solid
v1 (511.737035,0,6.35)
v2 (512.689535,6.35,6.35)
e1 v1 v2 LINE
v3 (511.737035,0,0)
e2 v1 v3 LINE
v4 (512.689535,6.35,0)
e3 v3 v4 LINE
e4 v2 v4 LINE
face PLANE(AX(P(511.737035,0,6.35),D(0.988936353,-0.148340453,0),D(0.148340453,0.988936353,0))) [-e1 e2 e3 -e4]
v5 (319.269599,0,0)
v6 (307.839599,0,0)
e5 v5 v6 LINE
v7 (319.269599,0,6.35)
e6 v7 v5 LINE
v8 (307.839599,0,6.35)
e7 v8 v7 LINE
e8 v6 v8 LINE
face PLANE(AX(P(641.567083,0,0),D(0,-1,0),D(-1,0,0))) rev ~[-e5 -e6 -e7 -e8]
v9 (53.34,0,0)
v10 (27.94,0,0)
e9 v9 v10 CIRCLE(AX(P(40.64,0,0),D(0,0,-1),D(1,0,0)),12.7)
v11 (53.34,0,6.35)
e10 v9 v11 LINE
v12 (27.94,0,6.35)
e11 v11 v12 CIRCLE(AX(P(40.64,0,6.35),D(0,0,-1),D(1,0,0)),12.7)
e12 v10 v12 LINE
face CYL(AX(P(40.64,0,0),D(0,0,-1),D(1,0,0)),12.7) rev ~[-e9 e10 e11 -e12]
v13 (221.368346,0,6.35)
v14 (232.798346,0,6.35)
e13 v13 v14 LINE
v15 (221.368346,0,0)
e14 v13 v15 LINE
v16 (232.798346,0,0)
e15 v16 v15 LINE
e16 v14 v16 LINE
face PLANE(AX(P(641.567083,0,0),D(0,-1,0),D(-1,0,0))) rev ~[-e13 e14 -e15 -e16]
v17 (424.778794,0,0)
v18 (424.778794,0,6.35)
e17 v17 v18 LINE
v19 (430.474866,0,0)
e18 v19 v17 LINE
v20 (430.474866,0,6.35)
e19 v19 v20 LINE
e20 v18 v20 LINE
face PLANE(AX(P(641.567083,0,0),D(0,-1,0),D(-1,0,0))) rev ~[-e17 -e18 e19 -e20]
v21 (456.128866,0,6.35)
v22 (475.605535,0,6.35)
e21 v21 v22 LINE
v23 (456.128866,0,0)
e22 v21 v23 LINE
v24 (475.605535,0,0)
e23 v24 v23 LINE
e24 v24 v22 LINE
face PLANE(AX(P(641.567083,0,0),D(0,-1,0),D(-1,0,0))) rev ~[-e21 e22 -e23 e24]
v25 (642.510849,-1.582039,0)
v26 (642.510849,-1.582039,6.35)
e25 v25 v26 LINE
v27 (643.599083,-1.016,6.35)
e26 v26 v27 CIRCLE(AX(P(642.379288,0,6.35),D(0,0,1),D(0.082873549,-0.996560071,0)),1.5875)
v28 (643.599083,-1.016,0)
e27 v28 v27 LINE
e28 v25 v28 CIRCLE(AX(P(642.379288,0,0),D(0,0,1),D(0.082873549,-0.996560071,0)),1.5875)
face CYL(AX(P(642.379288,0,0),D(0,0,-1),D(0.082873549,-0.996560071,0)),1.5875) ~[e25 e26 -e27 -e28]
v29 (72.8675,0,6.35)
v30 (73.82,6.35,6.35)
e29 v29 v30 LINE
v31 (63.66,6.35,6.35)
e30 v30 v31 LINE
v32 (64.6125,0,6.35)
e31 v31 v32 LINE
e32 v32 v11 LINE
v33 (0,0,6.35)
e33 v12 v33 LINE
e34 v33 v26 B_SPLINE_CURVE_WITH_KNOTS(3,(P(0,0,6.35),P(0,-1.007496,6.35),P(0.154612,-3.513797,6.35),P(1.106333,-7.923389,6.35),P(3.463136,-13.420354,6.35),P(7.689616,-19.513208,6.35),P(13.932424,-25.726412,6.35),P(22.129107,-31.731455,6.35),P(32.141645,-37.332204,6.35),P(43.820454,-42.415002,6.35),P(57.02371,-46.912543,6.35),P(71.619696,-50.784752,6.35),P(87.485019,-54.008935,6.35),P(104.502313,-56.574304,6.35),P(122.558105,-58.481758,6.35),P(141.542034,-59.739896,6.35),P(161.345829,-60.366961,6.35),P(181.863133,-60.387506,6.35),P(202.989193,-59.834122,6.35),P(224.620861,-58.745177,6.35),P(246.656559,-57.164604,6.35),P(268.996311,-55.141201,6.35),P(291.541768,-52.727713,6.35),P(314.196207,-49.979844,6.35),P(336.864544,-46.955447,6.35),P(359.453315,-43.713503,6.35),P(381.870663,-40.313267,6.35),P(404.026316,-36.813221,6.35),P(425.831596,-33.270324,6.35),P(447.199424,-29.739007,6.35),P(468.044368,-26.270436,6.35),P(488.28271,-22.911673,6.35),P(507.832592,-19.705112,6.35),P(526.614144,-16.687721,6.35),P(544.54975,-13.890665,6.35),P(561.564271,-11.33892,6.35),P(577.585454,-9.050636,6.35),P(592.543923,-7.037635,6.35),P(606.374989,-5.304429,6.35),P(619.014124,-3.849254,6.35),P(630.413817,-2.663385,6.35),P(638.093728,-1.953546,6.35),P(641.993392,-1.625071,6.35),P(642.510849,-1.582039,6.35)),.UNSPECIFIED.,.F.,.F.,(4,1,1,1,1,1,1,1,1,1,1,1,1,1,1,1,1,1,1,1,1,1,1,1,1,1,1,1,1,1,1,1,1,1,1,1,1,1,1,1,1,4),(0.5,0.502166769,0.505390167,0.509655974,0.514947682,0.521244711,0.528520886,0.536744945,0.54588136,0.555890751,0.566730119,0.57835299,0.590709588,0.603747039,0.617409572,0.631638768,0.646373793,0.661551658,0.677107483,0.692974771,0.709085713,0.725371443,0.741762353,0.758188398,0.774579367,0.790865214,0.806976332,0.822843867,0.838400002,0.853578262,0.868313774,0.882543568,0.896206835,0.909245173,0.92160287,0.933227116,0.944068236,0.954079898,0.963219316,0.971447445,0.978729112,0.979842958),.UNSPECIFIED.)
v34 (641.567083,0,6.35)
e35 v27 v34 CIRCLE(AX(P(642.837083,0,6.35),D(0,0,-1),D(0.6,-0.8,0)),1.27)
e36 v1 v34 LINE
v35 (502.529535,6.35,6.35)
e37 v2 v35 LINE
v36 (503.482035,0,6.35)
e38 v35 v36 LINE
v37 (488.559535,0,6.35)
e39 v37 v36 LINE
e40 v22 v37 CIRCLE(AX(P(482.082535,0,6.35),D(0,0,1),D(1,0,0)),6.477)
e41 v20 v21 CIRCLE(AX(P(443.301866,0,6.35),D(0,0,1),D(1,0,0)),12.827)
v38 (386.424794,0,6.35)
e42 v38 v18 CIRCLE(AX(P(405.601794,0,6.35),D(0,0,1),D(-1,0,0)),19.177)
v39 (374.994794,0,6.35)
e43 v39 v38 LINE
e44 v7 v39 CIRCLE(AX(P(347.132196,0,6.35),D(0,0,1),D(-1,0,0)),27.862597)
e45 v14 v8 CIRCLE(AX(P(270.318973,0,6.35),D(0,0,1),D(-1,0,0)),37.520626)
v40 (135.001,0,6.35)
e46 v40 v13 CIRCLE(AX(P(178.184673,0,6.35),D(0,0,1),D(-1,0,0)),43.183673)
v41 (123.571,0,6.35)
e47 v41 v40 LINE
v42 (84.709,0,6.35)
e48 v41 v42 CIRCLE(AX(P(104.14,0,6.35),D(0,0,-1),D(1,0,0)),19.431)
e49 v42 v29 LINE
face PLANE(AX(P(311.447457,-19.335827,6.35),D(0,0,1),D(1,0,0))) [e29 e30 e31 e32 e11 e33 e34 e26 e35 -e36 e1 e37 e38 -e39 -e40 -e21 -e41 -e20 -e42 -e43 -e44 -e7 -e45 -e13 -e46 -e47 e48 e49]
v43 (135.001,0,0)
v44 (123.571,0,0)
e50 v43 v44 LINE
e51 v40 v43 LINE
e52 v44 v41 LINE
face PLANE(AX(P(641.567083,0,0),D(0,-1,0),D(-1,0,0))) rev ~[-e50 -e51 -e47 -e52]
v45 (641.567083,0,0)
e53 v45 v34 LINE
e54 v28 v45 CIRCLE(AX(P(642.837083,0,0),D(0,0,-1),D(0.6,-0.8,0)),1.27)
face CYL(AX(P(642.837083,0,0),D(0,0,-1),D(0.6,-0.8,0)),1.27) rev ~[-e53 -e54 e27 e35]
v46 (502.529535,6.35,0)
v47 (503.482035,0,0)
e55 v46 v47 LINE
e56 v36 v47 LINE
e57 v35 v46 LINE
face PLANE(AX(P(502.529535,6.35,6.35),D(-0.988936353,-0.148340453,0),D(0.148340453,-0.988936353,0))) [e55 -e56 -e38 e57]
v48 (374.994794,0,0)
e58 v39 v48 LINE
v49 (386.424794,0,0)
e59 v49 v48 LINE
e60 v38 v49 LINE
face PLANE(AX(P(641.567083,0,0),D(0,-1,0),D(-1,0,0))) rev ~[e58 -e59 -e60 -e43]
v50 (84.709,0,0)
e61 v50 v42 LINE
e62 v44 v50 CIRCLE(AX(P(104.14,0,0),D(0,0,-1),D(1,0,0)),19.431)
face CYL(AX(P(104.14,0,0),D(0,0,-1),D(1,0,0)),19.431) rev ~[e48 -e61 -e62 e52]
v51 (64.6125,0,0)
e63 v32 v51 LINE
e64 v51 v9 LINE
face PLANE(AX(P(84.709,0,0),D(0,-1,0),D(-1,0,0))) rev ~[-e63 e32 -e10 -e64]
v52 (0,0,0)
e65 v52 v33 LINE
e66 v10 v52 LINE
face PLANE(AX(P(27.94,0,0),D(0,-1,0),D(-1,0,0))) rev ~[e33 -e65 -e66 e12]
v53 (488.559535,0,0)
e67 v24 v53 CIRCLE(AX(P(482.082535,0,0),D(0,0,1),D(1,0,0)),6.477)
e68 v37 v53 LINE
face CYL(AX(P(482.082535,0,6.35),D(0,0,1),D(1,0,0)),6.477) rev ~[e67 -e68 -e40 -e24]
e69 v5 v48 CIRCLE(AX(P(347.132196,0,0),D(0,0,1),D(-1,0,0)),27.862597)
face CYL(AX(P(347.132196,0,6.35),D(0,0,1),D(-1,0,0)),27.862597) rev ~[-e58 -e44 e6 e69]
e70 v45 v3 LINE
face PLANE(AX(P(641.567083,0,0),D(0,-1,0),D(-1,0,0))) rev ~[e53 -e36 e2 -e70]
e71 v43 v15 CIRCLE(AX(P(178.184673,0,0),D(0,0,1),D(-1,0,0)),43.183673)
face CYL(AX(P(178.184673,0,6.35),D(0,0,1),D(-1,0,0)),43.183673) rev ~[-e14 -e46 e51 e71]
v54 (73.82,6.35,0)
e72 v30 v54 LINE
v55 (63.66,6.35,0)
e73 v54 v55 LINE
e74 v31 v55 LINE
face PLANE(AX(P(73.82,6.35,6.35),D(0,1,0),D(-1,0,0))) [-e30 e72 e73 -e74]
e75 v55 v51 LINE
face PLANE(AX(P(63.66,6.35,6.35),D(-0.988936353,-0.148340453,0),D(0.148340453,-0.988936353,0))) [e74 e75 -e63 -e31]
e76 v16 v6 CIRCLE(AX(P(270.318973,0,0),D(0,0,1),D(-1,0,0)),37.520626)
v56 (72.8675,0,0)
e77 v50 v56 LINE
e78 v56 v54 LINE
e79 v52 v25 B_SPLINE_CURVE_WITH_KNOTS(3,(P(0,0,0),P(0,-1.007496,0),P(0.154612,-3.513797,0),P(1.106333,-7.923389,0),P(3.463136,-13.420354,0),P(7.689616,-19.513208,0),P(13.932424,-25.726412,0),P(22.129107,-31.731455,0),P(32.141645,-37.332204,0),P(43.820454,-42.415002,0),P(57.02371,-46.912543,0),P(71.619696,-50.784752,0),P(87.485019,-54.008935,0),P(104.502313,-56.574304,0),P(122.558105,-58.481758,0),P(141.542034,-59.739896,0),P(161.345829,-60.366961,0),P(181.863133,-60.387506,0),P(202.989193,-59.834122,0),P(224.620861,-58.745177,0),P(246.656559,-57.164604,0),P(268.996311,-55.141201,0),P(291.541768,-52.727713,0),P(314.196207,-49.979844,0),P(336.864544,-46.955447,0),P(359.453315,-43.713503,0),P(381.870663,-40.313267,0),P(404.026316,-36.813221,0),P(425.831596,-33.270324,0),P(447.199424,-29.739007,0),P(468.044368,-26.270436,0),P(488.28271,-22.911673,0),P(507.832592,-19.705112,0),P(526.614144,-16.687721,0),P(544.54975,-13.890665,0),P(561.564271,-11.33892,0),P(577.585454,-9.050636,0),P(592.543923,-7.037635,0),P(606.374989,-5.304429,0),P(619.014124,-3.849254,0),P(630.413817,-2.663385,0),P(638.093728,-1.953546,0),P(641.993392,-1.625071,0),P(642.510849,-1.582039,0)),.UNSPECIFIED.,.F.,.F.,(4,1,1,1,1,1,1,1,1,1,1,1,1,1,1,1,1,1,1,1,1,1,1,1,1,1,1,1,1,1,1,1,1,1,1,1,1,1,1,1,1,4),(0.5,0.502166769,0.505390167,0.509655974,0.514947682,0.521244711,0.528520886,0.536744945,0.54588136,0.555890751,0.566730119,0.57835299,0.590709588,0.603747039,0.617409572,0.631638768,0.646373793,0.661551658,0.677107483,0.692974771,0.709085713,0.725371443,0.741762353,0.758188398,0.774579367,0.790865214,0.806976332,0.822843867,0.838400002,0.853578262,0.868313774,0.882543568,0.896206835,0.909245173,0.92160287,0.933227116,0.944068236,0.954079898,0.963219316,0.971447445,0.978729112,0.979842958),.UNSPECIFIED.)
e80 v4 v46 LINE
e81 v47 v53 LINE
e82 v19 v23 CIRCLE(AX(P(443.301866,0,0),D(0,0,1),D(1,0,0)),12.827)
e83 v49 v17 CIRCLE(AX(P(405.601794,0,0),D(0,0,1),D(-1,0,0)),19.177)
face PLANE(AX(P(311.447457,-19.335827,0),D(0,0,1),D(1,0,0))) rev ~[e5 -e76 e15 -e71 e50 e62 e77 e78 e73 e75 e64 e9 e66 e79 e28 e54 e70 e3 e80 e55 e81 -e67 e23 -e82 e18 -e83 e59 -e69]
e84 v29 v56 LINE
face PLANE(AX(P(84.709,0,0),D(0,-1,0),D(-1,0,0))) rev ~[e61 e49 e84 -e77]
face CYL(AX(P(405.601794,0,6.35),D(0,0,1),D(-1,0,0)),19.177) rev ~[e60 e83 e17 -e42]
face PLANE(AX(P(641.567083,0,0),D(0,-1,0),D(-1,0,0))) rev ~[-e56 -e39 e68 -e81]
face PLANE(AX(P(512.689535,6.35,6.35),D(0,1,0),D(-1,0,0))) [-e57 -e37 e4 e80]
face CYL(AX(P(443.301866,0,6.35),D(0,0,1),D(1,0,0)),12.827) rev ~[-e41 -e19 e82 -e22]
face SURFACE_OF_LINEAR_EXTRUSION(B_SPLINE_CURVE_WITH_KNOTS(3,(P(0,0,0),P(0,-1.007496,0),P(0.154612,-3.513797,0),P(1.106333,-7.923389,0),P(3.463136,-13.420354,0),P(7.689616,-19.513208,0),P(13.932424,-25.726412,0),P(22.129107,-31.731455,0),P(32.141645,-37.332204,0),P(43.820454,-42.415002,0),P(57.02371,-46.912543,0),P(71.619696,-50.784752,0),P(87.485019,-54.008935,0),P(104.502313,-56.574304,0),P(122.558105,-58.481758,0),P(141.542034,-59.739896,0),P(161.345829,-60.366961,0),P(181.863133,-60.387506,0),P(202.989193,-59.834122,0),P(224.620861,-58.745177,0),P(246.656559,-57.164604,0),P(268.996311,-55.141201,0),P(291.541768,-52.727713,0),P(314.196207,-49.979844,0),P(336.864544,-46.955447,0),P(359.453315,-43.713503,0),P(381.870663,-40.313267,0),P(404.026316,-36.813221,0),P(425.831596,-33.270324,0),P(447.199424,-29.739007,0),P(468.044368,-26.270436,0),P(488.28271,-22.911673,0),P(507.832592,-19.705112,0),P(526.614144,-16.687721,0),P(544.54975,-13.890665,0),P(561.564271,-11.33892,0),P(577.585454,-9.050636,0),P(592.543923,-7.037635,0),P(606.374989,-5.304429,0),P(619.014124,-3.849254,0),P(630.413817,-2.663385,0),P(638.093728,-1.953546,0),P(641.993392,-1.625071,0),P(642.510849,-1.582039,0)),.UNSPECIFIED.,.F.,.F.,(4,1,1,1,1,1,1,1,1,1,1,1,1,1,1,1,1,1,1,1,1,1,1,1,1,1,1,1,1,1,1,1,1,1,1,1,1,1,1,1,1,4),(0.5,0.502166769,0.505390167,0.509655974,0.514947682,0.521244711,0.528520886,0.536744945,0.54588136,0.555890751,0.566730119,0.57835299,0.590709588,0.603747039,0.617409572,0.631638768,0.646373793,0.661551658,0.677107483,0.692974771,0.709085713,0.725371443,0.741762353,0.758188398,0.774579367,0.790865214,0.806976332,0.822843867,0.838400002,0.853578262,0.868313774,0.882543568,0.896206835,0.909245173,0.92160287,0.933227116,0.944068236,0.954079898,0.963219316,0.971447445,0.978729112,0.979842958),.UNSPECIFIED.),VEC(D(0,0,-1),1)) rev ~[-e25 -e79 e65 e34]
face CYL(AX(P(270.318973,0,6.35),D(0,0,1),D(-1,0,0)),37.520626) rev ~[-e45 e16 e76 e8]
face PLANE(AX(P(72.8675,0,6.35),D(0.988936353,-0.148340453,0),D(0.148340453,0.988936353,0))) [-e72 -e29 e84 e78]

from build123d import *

# Parameters (mm, degrees)
BOSS_EXTRUDE1_DEPTH     = 6.35
CUT_EXTRUDE2_DEPTH      = 1.0000001
CUT_EXTRUDE2_DEPTH_BACK = 7.3500001
SKETCH4_W               = 6.35
SKETCH4_H               = 6.35
BOSS_EXTRUDE2_DEPTH     = 6.35


with BuildPart() as part:
    # Sketch2 → Boss-Extrude1 (new body)
    with BuildSketch(Plane.XY):
        with BuildLine():
            ThreePointArc((642.510849283, -1.582039112), (643.111845681, -1.408373102), (643.599082689, -1.016))
            ThreePointArc((643.599082689, -1.016), (642.269121423, -1.135922533), (641.567082689, 0))
            Line((641.567082689, 0), (473.360965279, 0))
            Line((473.360965279, 0), (460.660965279, 0))
            Line((460.660965279, 0), (123.571, 0))
            ThreePointArc((123.571, 0), (104.14, -19.431), (84.709, 0))
            Line((84.709, 0), (53.34, 0))
            ThreePointArc((53.34, 0), (40.64, -12.7), (27.94, 0))
            Line((27.94, 0), (0, 0))
            add(Edge.make_bspline(
                [(0, 0), (0, -1.007496172), (0.154611582, -3.513796615), (1.106333228, -7.923389435), (3.463136343, -13.420354421), (7.689616489, -19.513207632), (13.932423524, -25.726412106), (22.129107375, -31.731455339), (32.141645239, -37.332204029), (43.82045433, -42.41500246), (57.023709725, -46.912543066), (71.619696083, -50.784752003), (87.485018636, -54.008935199), (104.502313427, -56.574303932), (122.558104573, -58.481758104), (141.542033828, -59.739895824), (161.345829027, -60.366961324), (181.863132616, -60.387506142), (202.989192599, -59.8341217), (224.620860897, -58.745176641), (246.65655865, -57.164603829), (268.996310773, -55.141201012), (291.541767704, -52.727712704), (314.196207315, -49.979843895), (336.86454415, -46.955447457), (359.453314895, -43.713502532), (381.870662856, -40.313266856), (404.02631566, -36.813220545), (425.831595832, -33.270324121), (447.199424328, -29.739007432), (468.044367735, -26.27043606), (488.282710288, -22.911672601), (507.832591566, -19.705111663), (526.614143658, -16.687720753), (544.549749946, -13.890665375), (561.564270734, -11.338919625), (577.585454095, -9.050636147), (592.543922516, -7.037634907), (606.374988512, -5.304428983), (619.014124193, -3.849253664), (630.413817462, -2.663385493), (638.093728429, -1.953546407), (641.993392355, -1.625070631), (642.510849283, -1.582039112)],
                knots=[0.5, 0.5, 0.5, 0.5, 0.502166769, 0.505390167, 0.509655974, 0.514947682, 0.521244711, 0.528520886, 0.536744945, 0.54588136, 0.555890751, 0.566730119, 0.57835299, 0.590709588, 0.603747039, 0.617409572, 0.631638768, 0.646373793, 0.661551658, 0.677107483, 0.692974771, 0.709085713, 0.725371443, 0.741762353, 0.758188398, 0.774579367, 0.790865214, 0.806976332, 0.822843867, 0.838400002, 0.853578262, 0.868313774, 0.882543568, 0.896206835, 0.909245173, 0.92160287, 0.933227116, 0.944068236, 0.954079898, 0.963219316, 0.971447445, 0.978729112, 0.979842958, 0.979842958, 0.979842958, 0.979842958], degree=3))
        make_face()
    extrude(amount=BOSS_EXTRUDE1_DEPTH)

    # Sketch3 → Cut-Extrude2 (cut, two sides)
    with BuildSketch(Plane.XY.offset(6.35)) as cut_extrude2_sk:
        with BuildLine():
            ThreePointArc((221.368346157, 0), (178.184673078, 43.183673078), (135.001, 0))
            Line((135.001, 0), (221.368346157, 0))
        make_face()
        with BuildLine():
            Line((221.368346157, 0), (135.001, 0))
            ThreePointArc((135.001, 0), (178.184673078, -43.183673078), (221.368346157, 0))
        make_face()
        with BuildLine():
            ThreePointArc((307.839599131, 0), (270.318972644, 37.520626487), (232.798346157, 0))
            Line((232.798346157, 0), (307.839599131, 0))
        make_face()
        with BuildLine():
            Line((307.839599131, 0), (232.798346157, 0))
            ThreePointArc((232.798346157, 0), (270.318972644, -37.520626487), (307.839599131, 0))
        make_face()
        with BuildLine():
            ThreePointArc((374.99479385, 0), (347.13219649, 27.862597359), (319.269599131, 0))
            Line((319.269599131, 0), (374.99479385, 0))
        make_face()
        with BuildLine():
            Line((374.99479385, 0), (319.269599131, 0))
            ThreePointArc((319.269599131, 0), (347.13219649, -27.862597359), (374.99479385, 0))
        make_face()
        with BuildLine():
            ThreePointArc((424.77879385, 0), (405.60179385, 19.177), (386.42479385, 0))
            Line((386.42479385, 0), (424.77879385, 0))
        make_face()
        with BuildLine():
            Line((424.77879385, 0), (386.42479385, 0))
            ThreePointArc((386.42479385, 0), (405.60179385, -19.177), (424.77879385, 0))
        make_face()
        with BuildLine():
            ThreePointArc((430.474866123, 0), (443.301866123, -12.827), (456.128866123, 0))
            Line((456.128866123, 0), (430.474866123, 0))
        make_face()
        with BuildLine():
            Line((430.474866123, 0), (456.128866123, 0))
            ThreePointArc((456.128866123, 0), (443.301866123, 12.827), (430.474866123, 0))
        make_face()
        with BuildLine():
            ThreePointArc((475.605534569, 0), (482.082534569, -6.477), (488.559534569, 0))
            Line((488.559534569, 0), (475.605534569, 0))
        make_face()
        with BuildLine():
            Line((475.605534569, 0), (488.559534569, 0))
            ThreePointArc((488.559534569, 0), (482.082534569, 6.477), (475.605534569, 0))
        make_face()
    extrude(amount=CUT_EXTRUDE2_DEPTH, mode=Mode.SUBTRACT)
    extrude(cut_extrude2_sk.sketch, amount=-CUT_EXTRUDE2_DEPTH_BACK, mode=Mode.SUBTRACT)

    # Sketch4 → Boss-Extrude2 (add)
    with BuildSketch(Plane.XY.offset(6.35)):
        Polygon((503.482034569, 0), (504.434534569, 0), (504.434534569, 6.35), (502.529534569, 6.35), align=None)
        with Locations((507.609534569, 3.175)):
            Rectangle(SKETCH4_W, SKETCH4_H)
        Polygon((510.784534569, 0), (511.737034569, 0), (512.689534569, 6.35), (510.784534569, 6.35), align=None)
        Polygon((65.565, 6.35), (63.66, 6.35), (64.6125, 0), (65.565, 0), align=None)
        with Locations((68.74, 3.175)):
            Rectangle(SKETCH4_W, SKETCH4_H)
        Polygon((73.82, 6.35), (71.915, 6.35), (71.915, 0), (72.8675, 0), align=None)
    extrude(amount=-BOSS_EXTRUDE2_DEPTH)


solid = part.part
